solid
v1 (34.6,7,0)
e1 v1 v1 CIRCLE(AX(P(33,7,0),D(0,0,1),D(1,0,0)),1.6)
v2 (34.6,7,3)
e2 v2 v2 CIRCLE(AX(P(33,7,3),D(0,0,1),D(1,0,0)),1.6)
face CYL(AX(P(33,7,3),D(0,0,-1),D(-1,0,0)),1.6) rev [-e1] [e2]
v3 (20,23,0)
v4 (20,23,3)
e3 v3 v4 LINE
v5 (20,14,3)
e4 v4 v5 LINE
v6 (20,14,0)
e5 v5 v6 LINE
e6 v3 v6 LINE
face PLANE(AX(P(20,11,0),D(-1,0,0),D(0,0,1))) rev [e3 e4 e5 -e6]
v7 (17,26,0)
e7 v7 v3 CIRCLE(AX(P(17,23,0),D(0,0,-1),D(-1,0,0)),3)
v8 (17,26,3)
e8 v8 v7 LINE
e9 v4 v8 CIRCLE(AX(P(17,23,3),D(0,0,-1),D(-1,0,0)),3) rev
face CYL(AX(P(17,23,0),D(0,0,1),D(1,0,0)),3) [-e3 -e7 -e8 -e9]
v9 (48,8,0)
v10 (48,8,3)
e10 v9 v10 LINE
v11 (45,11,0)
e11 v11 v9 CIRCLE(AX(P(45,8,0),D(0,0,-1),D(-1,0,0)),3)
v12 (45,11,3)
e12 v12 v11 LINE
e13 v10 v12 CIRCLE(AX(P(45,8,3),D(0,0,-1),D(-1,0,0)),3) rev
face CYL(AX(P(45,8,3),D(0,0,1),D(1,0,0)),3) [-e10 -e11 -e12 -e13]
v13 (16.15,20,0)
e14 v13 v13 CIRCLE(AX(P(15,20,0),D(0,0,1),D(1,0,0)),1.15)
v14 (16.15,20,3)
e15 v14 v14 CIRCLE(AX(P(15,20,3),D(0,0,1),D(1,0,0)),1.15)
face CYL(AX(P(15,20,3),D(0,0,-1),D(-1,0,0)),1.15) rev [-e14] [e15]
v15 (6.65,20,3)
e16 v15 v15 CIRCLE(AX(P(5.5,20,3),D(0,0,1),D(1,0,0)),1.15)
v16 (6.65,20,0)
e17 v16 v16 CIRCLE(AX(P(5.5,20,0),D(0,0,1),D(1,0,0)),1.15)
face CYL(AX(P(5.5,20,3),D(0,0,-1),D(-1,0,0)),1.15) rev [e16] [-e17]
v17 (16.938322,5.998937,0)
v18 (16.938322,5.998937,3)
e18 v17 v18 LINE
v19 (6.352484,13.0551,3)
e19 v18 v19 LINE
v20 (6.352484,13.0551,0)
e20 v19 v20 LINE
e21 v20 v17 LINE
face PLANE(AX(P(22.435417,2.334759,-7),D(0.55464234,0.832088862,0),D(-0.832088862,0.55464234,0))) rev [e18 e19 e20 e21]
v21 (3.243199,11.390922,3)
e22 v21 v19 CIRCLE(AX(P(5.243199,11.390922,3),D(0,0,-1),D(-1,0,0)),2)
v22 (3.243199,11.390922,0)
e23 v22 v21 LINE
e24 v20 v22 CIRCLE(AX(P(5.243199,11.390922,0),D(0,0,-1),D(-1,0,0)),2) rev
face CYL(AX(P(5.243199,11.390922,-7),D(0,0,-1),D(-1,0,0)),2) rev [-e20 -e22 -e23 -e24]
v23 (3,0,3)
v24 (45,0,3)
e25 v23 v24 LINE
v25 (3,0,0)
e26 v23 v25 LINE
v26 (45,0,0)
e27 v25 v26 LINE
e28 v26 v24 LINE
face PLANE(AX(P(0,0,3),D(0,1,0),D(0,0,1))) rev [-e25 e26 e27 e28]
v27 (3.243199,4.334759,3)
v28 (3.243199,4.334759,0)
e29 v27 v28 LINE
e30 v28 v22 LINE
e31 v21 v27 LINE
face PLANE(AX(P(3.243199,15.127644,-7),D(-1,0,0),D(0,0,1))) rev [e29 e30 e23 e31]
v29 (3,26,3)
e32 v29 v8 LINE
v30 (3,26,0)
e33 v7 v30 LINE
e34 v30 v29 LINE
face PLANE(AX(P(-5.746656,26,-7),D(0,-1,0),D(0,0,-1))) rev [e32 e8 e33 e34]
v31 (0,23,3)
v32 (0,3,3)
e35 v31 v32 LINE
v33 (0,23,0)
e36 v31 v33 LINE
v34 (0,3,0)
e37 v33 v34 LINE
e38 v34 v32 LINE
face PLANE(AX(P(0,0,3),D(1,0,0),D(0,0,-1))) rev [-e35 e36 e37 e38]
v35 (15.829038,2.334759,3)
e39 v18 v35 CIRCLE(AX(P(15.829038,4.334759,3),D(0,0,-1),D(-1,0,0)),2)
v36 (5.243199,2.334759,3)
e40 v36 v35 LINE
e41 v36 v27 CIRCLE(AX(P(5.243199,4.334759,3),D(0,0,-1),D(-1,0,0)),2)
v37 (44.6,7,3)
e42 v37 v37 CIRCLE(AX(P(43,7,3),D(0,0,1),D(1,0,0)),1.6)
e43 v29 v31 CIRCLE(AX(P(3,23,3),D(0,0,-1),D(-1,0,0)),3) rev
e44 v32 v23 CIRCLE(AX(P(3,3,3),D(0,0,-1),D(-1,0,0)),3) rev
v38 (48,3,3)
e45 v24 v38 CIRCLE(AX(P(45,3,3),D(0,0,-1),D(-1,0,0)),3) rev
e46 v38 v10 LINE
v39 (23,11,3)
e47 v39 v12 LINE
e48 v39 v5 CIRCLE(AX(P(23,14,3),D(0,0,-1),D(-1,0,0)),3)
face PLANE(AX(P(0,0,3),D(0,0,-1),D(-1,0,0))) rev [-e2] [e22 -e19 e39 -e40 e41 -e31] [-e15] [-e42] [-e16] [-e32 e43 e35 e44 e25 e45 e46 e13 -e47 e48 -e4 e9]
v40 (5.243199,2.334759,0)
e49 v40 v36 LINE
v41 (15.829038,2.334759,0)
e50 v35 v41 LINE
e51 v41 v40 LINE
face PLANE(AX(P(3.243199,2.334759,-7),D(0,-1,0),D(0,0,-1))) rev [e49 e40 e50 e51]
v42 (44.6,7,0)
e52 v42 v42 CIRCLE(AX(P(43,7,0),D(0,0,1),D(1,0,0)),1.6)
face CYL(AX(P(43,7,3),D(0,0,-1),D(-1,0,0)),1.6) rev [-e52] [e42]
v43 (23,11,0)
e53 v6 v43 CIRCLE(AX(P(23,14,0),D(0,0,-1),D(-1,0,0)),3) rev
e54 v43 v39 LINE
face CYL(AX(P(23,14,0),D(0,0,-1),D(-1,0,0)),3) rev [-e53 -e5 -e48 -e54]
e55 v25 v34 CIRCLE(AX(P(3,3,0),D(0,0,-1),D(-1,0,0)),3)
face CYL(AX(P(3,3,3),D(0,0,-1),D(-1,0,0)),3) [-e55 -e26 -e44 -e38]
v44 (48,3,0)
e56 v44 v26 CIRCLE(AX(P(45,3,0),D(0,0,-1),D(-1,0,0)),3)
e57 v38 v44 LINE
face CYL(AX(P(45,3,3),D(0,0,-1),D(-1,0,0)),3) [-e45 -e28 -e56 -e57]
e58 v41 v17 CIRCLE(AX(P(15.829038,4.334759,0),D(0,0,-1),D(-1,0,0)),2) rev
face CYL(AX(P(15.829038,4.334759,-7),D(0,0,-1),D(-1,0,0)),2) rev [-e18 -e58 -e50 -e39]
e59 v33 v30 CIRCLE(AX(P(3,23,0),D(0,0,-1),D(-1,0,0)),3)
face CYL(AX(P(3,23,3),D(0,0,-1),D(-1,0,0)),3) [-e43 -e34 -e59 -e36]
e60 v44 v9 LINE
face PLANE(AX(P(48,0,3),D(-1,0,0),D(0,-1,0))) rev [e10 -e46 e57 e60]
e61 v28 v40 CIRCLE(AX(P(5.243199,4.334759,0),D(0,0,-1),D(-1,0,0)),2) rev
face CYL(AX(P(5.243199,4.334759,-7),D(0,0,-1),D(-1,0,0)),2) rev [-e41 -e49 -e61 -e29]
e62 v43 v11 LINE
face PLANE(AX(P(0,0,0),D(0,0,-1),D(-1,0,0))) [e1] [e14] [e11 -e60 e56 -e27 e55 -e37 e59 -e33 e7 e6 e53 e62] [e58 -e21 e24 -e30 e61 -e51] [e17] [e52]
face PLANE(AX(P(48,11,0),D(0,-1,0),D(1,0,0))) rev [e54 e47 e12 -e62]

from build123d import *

# Parameters (mm, degrees)
SKETCH_1_W          = 48
SKETCH_1_H          = 67.5
SKETCH_1_R          = 1.6
SKETCH_1_R_2        = 1.15
EXTRUDE_1_DEPTH     = 3
SKETCH_3_W          = 28
SKETCH_3_H          = 56.5
CUT_EXTRUDE_1_DEPTH = 4
FILLET_1_R          = 3
SKETCH_5_W          = 37.363309984
SKETCH_5_H          = 43.840284148
CUT_EXTRUDE_2_DEPTH = 10
FILLET_2_R          = 3
CUT_EXTRUDE_3_DEPTH = 10
FILLET_3_R          = 2


with BuildPart() as part:
    # 草图1 → 凸台-拉伸1 (new body)
    with BuildSketch(Plane.XY):
        with Locations((24, 33.75)):
            Rectangle(SKETCH_1_W, SKETCH_1_H)
        with Locations((33, 7)):
            Circle(SKETCH_1_R, mode=Mode.SUBTRACT)
        with Locations((43, 7)):
            Circle(SKETCH_1_R, mode=Mode.SUBTRACT)
        with Locations((5.5, 20)):
            Circle(SKETCH_1_R_2, mode=Mode.SUBTRACT)
        with Locations((15, 20)):
            Circle(SKETCH_1_R_2, mode=Mode.SUBTRACT)
    extrude(amount=EXTRUDE_1_DEPTH)

    # 草图3 → 切除-拉伸1 (cut, through all)
    with BuildSketch(Plane.XY.offset(3)):
        with Locations((34, 39.25)):
            Rectangle(SKETCH_3_W, SKETCH_3_H)
    extrude(amount=-CUT_EXTRUDE_1_DEPTH, mode=Mode.SUBTRACT)

    # 圆角1
    fillet_1_edges = [part.edges().sort_by_distance(p)[0] for p in [
        (48, 11, 1.5),
        (20, 11, 1.5),
        (20, 67.5, 1.5),
        (0, 67.5, 1.5),
        (48, 0, 1.5),
        (0, 0, 1.5),
    ]]
    fillet(fillet_1_edges, radius=FILLET_1_R)

    # 草图5 → 切除-拉伸2 (cut)
    with BuildSketch(Plane.XY.offset(3)):
        with Locations((12.934999088, 47.920142074)):
            Rectangle(SKETCH_5_W, SKETCH_5_H)
    extrude(amount=-CUT_EXTRUDE_2_DEPTH, mode=Mode.SUBTRACT)

    # 圆角2
    fillet_2_edges = [part.edges().sort_by_distance(p)[0] for p in [
        (20, 26, 1.5),
        (0, 26, 1.5),
    ]]
    fillet(fillet_2_edges, radius=FILLET_2_R)

    # 草图6 → 切除-拉伸3 (cut)
    with BuildSketch(Plane.XY.offset(3)):
        Polygon((3.243199116, 15.127643762), (3.243199116, 2.334759345), (22.435417019, 2.334759345), align=None)
    extrude(amount=-CUT_EXTRUDE_3_DEPTH, mode=Mode.SUBTRACT)

    # 圆角3
    fillet_3_edges = [part.edges().sort_by_distance(p)[0] for p in [
        (3.243199116, 15.127643762, 1.5),
        (22.435417019, 2.334759345, 1.5),
        (3.243199116, 2.334759345, 1.5),
    ]]
    fillet(fillet_3_edges, radius=FILLET_3_R)


solid = part.part
